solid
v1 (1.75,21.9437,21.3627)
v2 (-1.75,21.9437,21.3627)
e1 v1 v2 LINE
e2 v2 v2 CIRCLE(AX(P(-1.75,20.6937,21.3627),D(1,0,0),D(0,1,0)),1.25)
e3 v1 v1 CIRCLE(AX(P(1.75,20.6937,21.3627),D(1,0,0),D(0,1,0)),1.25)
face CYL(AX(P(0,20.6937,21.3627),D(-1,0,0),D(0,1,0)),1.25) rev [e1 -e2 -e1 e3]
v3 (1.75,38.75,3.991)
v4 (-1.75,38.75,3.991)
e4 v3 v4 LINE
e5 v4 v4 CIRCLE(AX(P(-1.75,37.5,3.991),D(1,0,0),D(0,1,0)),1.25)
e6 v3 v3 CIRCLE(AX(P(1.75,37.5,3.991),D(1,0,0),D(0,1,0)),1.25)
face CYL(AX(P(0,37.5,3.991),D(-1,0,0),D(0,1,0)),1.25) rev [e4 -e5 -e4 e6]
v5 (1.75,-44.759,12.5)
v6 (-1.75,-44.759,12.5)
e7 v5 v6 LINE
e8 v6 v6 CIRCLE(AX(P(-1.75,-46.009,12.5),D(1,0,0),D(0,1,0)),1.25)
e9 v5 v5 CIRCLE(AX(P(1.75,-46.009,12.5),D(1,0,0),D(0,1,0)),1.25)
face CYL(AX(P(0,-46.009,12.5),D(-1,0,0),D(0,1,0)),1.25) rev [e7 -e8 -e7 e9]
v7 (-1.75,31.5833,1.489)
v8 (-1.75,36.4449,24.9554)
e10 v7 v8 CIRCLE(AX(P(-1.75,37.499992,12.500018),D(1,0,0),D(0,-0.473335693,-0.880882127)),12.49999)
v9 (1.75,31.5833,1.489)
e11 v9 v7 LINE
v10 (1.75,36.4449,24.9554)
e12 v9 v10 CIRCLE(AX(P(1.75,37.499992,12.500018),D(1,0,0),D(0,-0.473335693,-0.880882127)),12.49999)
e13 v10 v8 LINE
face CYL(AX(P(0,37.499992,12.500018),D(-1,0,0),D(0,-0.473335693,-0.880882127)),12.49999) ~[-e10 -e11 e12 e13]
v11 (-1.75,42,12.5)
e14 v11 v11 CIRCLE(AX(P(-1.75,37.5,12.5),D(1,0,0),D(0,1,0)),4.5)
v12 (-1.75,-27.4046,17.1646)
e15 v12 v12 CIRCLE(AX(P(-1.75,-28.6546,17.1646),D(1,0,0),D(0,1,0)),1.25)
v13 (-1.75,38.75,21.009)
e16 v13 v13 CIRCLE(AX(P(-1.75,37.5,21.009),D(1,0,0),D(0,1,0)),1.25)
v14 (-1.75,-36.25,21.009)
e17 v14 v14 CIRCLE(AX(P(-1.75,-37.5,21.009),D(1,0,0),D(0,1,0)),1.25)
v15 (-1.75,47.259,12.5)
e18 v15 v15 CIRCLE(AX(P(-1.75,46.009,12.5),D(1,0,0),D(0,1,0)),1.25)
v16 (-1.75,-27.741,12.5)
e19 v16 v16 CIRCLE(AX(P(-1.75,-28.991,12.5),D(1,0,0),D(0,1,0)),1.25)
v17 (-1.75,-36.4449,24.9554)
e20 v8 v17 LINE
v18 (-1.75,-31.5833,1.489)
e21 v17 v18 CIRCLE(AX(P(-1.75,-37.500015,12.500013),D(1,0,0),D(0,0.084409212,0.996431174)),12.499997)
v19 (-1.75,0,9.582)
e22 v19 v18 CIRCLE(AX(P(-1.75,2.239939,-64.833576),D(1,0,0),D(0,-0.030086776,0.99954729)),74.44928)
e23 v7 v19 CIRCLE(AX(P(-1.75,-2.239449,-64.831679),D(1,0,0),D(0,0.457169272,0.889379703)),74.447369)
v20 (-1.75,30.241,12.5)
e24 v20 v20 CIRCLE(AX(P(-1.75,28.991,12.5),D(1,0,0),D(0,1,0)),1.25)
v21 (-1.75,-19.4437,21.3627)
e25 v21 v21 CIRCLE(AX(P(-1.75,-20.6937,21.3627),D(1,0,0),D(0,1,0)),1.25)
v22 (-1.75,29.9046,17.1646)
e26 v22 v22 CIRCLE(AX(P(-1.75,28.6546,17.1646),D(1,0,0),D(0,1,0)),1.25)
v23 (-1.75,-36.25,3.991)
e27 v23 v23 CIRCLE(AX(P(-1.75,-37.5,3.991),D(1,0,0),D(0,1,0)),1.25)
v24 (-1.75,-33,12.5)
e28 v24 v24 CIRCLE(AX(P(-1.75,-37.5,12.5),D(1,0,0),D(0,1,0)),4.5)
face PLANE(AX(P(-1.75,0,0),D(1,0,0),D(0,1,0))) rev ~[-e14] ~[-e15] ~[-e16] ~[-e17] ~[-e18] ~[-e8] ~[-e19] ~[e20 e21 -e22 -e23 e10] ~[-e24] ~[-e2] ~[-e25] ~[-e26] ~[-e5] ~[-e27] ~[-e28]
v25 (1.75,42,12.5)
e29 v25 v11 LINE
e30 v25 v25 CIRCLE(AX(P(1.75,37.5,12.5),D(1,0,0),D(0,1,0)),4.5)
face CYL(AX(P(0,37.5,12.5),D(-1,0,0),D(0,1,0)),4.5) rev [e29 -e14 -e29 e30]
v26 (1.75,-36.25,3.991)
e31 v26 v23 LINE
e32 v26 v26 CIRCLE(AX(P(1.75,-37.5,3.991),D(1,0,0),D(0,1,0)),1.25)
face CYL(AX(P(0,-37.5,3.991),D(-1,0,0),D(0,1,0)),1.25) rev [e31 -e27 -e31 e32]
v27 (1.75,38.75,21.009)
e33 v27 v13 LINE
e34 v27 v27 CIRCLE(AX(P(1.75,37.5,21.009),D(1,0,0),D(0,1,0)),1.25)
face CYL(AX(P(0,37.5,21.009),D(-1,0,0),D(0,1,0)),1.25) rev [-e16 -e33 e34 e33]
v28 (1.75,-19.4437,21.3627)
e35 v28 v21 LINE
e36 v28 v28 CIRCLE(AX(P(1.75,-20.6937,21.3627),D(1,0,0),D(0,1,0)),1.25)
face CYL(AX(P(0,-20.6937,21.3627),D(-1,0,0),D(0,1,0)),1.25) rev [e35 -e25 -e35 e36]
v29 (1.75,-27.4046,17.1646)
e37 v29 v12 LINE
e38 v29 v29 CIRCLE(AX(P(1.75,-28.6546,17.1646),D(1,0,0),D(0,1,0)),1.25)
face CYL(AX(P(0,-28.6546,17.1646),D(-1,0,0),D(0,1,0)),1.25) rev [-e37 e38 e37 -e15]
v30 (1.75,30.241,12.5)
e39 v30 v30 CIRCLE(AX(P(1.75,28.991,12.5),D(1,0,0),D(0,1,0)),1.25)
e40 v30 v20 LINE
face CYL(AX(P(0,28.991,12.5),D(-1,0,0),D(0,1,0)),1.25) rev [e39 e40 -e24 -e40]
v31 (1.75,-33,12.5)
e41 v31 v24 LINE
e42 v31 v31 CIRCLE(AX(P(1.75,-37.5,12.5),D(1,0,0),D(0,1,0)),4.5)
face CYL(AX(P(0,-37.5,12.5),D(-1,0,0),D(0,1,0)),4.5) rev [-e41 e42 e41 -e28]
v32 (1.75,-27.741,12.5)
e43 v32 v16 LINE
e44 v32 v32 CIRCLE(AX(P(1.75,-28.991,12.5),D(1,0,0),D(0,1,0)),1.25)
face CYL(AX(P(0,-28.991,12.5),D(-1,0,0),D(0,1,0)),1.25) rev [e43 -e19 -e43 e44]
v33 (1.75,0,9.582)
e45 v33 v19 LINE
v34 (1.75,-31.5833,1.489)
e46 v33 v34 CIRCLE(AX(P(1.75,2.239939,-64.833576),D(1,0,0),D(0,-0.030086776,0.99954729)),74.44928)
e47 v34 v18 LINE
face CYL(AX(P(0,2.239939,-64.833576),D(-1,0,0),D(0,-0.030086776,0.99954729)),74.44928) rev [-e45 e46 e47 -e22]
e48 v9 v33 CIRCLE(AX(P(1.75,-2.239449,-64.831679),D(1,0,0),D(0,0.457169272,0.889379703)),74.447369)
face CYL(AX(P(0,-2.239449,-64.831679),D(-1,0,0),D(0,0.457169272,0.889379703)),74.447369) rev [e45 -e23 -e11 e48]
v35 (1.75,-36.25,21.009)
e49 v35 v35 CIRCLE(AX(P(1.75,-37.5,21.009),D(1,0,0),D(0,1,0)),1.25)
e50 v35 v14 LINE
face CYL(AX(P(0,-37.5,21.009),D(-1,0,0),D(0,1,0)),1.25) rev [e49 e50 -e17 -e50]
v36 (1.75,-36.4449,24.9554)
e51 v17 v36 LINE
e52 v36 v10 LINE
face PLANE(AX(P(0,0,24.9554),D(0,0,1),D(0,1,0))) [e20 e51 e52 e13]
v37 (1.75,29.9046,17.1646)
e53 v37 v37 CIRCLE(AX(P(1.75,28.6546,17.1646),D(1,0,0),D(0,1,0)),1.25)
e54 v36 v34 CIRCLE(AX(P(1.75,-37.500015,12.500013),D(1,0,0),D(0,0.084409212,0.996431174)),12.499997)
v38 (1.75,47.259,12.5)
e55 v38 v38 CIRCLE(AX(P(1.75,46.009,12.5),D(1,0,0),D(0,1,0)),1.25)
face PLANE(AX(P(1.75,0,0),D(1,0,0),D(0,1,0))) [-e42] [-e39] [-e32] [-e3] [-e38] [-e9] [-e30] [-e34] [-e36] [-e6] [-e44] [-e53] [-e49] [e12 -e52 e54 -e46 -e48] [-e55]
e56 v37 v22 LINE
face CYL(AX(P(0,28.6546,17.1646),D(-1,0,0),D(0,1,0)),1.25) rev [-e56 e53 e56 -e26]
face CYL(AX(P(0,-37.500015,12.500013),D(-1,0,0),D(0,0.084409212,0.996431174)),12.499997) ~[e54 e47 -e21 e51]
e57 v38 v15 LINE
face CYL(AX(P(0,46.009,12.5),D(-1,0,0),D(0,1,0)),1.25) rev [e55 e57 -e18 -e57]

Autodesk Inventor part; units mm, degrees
ref_plane "YZ Plane" through (0, 0, 0) normal (1, 0, 0) x (0, 1, 0)
ref_plane "XZ Plane" through (0, 0, 0) normal (0, 1, 0) x (-1, 0, 0)
ref_plane "XY Plane" through (0, 0, 0) normal (0, 0, 1) x (1, 0, 0)
sketch "Sketch1" plane through (0, 0, 0) normal (1, 0, 0) x (0, 1, 0)
  line L0 (0, 24.9554) -> (36.4449, 24.9554)
  arc A0 (31.5833, 1.489) -> (36.4449, 24.9554) centre (37.5, 12.5) ccw
  arc A1 (31.7956, 1.3803) -> (0, 9.582) centre (-2.2398, -64.8326) ccw
  circle A2 centre (37.5, 3.991) radius 1.25
  circle A3 centre (28.991, 12.5) radius 1.25
  circle A4 centre (37.5, 21.009) radius 1.25
  circle A5 centre (46.009, 12.5) radius 1.25
  circle A6 centre (28.6546, 17.1646) radius 1.25
  circle A7 centre (20.6937, 21.3627) radius 1.25
  circle A8 centre (37.5, 12.5) radius 4.5
  line L1 (-2.2398, 24.9554) -> (-2.25, 24.9554)
  arc A9 (-2.2398, 9.6157) -> (-2.25, 9.6157) centre (-2.2398, -64.8326) ccw
  arc A10 (0, 9.582) -> (-31.7956, 1.3803) centre (2.2398, -64.8326) ccw
  line L2 (0, 24.9554) -> (-36.4449, 24.9554)
  arc A11 (-36.4449, 24.9554) -> (-31.5833, 1.489) centre (-37.5, 12.5) ccw
  circle A12 centre (-37.5, 3.991) radius 1.25
  circle A13 centre (-28.991, 12.5) radius 1.25
  circle A14 centre (-37.5, 21.009) radius 1.25
  circle A15 centre (-46.009, 12.5) radius 1.25
  circle A16 centre (-28.6546, 17.1646) radius 1.25
  circle A17 centre (-20.6937, 21.3627) radius 1.25
  circle A18 centre (-37.5, 12.5) radius 4.5
  line L3 (2.2398, 24.9554) -> (2.25, 24.9554)
  arc A19 (2.25, 9.6157) -> (2.2398, 9.6157) centre (2.2398, -64.8326) ccw
  point P0 (0.0204, 0)
  point P1 (-0.0204, 0)
  dimension "d47" = 8.509
  dimension "d48" = 8.509
  dimension "d49" = 8.509
  dimension "d50" = 8.509
  dimension "d51" = 10
  dimension "d53" = 9
  dimension "d56" = 9
  dimension "d58" = 4.1981
  dimension "d61" = 75
extrude "Extrusion3" add sketch "Sketch1" along normal mid plane 3.5
properties part number "tibia extrude"
